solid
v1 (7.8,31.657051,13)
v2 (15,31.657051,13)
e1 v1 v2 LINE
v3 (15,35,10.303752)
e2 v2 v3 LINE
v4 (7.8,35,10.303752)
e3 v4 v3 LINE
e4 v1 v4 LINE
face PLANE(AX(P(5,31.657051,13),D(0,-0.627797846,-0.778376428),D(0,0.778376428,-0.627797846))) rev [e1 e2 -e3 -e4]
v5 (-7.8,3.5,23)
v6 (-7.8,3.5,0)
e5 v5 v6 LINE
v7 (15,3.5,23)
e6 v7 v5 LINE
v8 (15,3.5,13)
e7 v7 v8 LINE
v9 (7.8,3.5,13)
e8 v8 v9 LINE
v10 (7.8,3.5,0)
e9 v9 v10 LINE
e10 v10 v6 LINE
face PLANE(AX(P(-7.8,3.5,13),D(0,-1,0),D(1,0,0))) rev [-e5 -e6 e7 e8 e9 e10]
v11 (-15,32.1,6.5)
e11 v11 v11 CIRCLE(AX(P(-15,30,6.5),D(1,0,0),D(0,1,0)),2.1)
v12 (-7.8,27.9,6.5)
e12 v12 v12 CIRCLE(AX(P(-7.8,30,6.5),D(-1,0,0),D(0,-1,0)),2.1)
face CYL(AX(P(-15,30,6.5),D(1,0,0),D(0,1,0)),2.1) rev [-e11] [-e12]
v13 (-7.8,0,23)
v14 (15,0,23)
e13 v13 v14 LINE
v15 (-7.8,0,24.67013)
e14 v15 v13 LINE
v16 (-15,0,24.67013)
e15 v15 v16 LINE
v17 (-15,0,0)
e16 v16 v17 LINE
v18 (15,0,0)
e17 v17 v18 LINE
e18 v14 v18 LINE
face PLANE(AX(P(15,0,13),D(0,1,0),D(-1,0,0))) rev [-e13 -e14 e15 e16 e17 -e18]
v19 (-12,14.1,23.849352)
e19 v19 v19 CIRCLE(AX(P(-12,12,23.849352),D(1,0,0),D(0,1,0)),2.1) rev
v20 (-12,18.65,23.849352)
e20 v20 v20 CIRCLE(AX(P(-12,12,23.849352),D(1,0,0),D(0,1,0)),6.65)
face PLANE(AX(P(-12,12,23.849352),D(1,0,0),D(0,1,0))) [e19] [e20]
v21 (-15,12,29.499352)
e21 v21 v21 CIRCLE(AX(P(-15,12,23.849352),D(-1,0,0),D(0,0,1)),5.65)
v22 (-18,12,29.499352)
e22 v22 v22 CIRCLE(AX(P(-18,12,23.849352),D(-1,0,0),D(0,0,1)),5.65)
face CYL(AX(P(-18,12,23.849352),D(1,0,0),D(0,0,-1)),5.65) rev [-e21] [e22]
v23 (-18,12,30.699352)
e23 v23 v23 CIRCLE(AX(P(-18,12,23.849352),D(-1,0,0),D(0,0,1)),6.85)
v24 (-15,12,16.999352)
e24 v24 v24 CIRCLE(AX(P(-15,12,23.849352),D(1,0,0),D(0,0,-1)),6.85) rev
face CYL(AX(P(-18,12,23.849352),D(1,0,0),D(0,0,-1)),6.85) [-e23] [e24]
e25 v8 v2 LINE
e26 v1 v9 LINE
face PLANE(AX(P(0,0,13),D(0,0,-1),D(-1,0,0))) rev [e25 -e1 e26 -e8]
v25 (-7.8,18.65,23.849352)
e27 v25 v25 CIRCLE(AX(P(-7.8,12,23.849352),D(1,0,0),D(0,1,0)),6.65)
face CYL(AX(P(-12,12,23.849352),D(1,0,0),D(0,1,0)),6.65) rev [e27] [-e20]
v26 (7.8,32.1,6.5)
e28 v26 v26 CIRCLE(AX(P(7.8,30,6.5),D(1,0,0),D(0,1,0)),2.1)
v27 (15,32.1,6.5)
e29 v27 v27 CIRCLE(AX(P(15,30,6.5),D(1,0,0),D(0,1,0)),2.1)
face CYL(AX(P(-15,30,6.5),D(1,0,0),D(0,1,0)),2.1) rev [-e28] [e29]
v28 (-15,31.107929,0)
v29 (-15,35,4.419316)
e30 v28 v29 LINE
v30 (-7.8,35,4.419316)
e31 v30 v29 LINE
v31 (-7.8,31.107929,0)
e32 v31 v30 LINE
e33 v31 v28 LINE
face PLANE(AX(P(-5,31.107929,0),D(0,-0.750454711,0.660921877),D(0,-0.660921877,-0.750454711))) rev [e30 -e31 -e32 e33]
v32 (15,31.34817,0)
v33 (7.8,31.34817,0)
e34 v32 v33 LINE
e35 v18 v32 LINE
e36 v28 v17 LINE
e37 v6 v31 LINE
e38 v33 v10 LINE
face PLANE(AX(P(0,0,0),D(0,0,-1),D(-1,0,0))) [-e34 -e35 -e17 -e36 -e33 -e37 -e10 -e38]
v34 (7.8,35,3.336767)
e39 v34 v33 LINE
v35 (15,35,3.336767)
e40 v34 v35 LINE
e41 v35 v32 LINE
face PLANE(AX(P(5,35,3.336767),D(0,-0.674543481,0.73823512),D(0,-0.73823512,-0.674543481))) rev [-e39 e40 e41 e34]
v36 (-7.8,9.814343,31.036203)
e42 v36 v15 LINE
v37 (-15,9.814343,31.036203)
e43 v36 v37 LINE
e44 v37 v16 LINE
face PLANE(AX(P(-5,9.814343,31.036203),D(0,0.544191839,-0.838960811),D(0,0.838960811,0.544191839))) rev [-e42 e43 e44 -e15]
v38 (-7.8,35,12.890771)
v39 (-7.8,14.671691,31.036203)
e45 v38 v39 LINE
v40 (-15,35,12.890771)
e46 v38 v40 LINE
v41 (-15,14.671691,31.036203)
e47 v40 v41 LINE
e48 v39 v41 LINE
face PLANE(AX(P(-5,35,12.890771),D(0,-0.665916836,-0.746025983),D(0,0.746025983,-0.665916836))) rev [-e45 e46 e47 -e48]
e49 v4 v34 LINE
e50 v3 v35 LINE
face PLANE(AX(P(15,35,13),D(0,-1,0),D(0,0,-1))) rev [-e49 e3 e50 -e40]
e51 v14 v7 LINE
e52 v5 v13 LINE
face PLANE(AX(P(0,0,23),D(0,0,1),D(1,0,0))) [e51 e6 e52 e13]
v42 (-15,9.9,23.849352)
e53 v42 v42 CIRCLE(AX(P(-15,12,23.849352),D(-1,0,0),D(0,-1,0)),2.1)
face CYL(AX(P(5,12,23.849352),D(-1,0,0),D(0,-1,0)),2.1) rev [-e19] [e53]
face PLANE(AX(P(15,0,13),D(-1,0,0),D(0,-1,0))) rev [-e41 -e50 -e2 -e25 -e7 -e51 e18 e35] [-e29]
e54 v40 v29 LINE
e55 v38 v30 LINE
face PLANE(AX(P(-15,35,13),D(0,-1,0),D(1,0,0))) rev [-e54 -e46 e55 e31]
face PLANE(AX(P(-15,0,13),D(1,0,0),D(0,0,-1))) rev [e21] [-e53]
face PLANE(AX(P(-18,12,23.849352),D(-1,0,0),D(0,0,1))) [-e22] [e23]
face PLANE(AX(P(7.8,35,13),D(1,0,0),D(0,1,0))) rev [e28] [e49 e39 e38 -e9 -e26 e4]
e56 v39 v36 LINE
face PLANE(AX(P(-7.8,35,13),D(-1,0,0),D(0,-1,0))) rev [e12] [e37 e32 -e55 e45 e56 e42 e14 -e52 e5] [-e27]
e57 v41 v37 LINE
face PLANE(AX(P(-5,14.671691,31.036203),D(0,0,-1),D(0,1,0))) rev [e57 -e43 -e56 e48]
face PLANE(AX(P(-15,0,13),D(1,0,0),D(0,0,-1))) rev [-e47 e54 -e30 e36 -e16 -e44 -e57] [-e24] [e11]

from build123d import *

# Parameters (mm, degrees)
EXTRUDE_3_DEPTH     = 13
SKETCH_5_R          = 2.1
CUT_EXTRUDE_2_DEPTH = 48.895720059
SKETCH_6_W          = 7.2
SKETCH_6_H          = 35
EXTRUDE_4_DEPTH     = 20
SKETCH_7_R          = 2.1
CUT_EXTRUDE_3_DEPTH = 20
SKETCH_8_W          = 22.8
SKETCH_8_H          = 3.5
EXTRUDE_5_DEPTH     = 10
SKETCH_9_R          = 6.65
CUT_EXTRUDE_4_DEPTH = 4.2
CUT_EXTRUDE_5_DEPTH = 10
CUT_EXTRUDE_6_DEPTH = 10
SKETCH_14_R         = 6.85
SKETCH_14_R_2       = 5.65
EXTRUDE_7_DEPTH     = 3


with BuildPart() as part:
    # 草图4 → 凸台-拉伸3 (new body)
    with BuildSketch(Plane.XY):
        Polygon((15, 0), (-15, 0), (-15, 35), (-7.8, 35), (-7.8, 3.5), (7.8, 3.5), (7.8, 35), (15, 35), align=None)
    extrude(amount=EXTRUDE_3_DEPTH)

    # 草图5 → 切除-拉伸2 (cut, through all)
    with BuildSketch(Plane(origin=(15, 0, 0), x_dir=(0, 0, -1), z_dir=(1, 0, 0))):
        with Locations(Location((-6.5, 30, 0), (0, 0, 90))):
            Circle(SKETCH_5_R)
    extrude(amount=-CUT_EXTRUDE_2_DEPTH, mode=Mode.SUBTRACT)

    # 草图6 → 凸台-拉伸4 (add)
    with BuildSketch(Plane.XY.offset(13)):
        with Locations((-11.4, 17.5)):
            Rectangle(SKETCH_6_W, SKETCH_6_H)
    extrude(amount=EXTRUDE_4_DEPTH)

    # 草图7 → 切除-拉伸3 (cut)
    with BuildSketch(Plane.ZY.offset(15)):
        with Locations(Location((23.849351573, 12, 0), (0, 0, 270))):
            Circle(SKETCH_7_R)
    extrude(amount=-CUT_EXTRUDE_3_DEPTH, mode=Mode.SUBTRACT)

    # 草图8 → 凸台-拉伸5 (add)
    with BuildSketch(Plane.XY.offset(13)):
        with Locations((3.6, 1.75)):
            Rectangle(SKETCH_8_W, SKETCH_8_H)
    extrude(amount=EXTRUDE_5_DEPTH)

    # 草图9 → 切除-拉伸4 (cut)
    with BuildSketch(Plane(origin=(-7.8, 0, 0), x_dir=(0, 0, -1), z_dir=(1, 0, 0))):
        with Locations(Location((-23.849351573, 12, 0), (0, 0, 90))):
            Circle(SKETCH_9_R)
    extrude(amount=-CUT_EXTRUDE_4_DEPTH, mode=Mode.SUBTRACT)

    # 草图10 → 切除-拉伸5 (cut)
    with BuildSketch(Plane.ZY.offset(15)):
        Polygon((12.890771142, 35), (31.03620252, 14.67169088), (31.03620252, 9.814342957), (24.670130024, 0), (33, 0), (33, 10.134215088), (33, 35), align=None)
        Polygon((0, 35), (0, 31.107929111), (4.419316467, 35), align=None)
    extrude(amount=-CUT_EXTRUDE_5_DEPTH, mode=Mode.SUBTRACT)

    # 草图11 → 切除-拉伸6 (cut)
    with BuildSketch(Plane(origin=(15, 0, 0), x_dir=(0, 0, -1), z_dir=(1, 0, 0))):
        Polygon((-3.336766509, 35), (0, 31.348169844), (0, 35), align=None)
        Polygon((-10.303751585, 35), (-13, 35), (-13, 31.657050955), align=None)
    extrude(amount=-CUT_EXTRUDE_6_DEPTH, mode=Mode.SUBTRACT)

    # 草图14 → 凸台-拉伸7 (add)
    with BuildSketch(Plane.ZY.offset(15)):
        with Locations(Location((23.849351573, 12, 0), (0, 0, 180))):
            Circle(SKETCH_14_R)
        with Locations((23.849351573, 12)):
            Circle(SKETCH_14_R_2, mode=Mode.SUBTRACT)
    extrude(amount=EXTRUDE_7_DEPTH)


solid = part.part
